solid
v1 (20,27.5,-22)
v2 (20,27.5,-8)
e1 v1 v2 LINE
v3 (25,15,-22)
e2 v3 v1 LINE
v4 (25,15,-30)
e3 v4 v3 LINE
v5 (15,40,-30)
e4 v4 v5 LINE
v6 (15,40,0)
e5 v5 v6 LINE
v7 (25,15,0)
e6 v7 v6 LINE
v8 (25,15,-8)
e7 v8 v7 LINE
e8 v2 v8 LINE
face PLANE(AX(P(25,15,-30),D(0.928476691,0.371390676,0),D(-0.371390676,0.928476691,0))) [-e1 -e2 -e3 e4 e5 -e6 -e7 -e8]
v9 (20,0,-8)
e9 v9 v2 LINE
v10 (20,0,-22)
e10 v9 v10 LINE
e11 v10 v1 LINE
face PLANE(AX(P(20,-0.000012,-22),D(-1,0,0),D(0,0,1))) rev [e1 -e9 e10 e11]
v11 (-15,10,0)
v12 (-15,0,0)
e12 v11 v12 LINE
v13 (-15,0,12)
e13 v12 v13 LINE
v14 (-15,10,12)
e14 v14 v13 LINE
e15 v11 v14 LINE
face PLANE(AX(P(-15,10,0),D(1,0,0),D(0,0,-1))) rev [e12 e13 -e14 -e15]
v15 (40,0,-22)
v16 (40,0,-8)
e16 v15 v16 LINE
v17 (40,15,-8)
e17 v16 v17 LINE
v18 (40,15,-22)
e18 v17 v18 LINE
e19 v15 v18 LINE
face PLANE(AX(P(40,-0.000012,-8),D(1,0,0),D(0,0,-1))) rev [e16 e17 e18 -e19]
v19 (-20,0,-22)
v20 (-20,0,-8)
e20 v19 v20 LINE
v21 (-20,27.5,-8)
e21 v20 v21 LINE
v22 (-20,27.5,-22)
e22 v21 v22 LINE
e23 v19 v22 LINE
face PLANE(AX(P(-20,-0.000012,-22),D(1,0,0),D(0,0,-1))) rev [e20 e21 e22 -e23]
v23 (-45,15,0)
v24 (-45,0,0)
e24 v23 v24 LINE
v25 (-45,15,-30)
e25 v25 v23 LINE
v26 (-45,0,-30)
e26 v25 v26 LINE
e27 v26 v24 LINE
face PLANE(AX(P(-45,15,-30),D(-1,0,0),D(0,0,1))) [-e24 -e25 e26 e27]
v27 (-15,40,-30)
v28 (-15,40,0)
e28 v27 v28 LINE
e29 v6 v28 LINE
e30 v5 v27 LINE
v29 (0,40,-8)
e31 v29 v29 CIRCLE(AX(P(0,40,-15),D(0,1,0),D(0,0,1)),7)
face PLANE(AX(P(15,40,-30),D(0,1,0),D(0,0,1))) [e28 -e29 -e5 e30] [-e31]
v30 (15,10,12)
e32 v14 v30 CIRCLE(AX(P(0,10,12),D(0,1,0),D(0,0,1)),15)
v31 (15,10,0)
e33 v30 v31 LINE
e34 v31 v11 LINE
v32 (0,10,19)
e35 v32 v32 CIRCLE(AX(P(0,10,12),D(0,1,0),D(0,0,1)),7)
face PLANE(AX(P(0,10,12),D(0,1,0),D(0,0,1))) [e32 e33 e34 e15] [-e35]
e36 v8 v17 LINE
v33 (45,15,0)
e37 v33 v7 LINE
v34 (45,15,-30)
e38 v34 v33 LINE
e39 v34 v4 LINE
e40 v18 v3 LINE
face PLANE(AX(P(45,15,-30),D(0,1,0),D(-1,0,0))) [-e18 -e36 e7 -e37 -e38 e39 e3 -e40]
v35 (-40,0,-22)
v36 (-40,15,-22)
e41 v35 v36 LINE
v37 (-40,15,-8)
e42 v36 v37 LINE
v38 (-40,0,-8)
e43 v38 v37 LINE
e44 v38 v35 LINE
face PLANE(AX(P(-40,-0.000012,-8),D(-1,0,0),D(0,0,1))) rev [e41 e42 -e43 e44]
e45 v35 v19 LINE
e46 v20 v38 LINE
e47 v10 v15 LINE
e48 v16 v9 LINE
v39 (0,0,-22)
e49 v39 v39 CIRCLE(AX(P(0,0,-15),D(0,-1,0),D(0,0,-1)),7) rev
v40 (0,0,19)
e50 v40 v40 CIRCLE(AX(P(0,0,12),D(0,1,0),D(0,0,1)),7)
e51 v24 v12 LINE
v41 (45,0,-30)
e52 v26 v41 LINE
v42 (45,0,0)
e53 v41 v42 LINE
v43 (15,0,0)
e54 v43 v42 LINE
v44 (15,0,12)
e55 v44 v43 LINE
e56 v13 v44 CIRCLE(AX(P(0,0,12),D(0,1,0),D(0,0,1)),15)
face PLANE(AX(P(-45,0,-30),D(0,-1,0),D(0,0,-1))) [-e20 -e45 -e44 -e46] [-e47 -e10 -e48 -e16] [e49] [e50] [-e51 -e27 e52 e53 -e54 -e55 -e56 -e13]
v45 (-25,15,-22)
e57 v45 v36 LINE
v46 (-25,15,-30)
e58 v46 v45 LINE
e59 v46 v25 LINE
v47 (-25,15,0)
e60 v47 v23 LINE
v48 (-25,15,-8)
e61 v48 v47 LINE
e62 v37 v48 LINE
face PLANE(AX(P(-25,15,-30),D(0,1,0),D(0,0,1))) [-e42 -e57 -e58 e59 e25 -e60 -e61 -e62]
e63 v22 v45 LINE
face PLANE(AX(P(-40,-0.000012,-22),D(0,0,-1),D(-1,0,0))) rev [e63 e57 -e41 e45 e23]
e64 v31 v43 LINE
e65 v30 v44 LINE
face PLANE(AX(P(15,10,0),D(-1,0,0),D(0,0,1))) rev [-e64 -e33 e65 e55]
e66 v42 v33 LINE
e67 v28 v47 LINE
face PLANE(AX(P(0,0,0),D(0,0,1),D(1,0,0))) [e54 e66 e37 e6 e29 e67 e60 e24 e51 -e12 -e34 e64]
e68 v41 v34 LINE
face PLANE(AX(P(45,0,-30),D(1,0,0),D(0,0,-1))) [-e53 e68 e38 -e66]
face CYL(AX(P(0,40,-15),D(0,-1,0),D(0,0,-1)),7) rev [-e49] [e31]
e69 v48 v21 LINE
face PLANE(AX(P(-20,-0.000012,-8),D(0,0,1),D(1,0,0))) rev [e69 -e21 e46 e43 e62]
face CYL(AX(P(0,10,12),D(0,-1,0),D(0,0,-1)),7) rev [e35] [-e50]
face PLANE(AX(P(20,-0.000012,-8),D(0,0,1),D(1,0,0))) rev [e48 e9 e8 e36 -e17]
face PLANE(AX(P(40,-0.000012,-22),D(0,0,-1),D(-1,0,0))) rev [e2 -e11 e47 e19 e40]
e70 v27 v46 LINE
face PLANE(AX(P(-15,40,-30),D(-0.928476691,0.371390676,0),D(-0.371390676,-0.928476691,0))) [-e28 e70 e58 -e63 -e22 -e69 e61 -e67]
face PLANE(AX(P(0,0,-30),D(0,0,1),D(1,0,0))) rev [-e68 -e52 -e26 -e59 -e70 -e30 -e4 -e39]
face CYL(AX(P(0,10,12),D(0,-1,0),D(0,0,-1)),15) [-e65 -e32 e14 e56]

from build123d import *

# Parameters (mm, degrees)
BOSS_EXTRUDE1_DEPTH     = 30
CUT_EXTRUDE1_DEPTH      = 68.268120235
CUT_EXTRUDE1_DEPTH_BACK = 68.268120235
SKETCH3_W               = 20
SKETCH3_H               = 14
CUT_EXTRUDE2_DEPTH      = 68.268120235
CUT_EXTRUDE2_DEPTH_BACK = 68.268120235
SKETCH4_R               = 7
SKETCH5_R               = 7
BOSS_EXTRUDE3_DEPTH     = 10


with BuildPart() as part:
    # Sketch2 → Boss-Extrude1 (new body)
    with BuildSketch(Plane.XY):
        Polygon((-45, 0), (45, 0), (45, 15), (25, 15), (15, 40), (-15, 40), (-25, 15), (-45, 15), align=None)
    extrude(amount=-BOSS_EXTRUDE1_DEPTH)

    # Sketch3 → Cut-Extrude1 (cut, two sides: drawn at the far end of the back side and taken through both)
    with BuildSketch(Plane(origin=(0, 0, 0), x_dir=(1, 0, 0), z_dir=(0, 1, 0)).offset(-CUT_EXTRUDE1_DEPTH_BACK)):
        with Locations((-30, 15)):
            Rectangle(SKETCH3_W, SKETCH3_H)
        with Locations((30, 15)):
            Rectangle(SKETCH3_W, SKETCH3_H)
    extrude(amount=CUT_EXTRUDE1_DEPTH + CUT_EXTRUDE1_DEPTH_BACK, mode=Mode.SUBTRACT)

    # Sketch4 → Cut-Extrude2 (cut, two sides: drawn at the far end of the back side and taken through both)
    with BuildSketch(Plane(origin=(0, 0, 0), x_dir=(1, 0, 0), z_dir=(0, 1, 0)).offset(-CUT_EXTRUDE2_DEPTH_BACK)):
        with Locations(Location((0, 15, 0), (0, 0, 90))):
            Circle(SKETCH4_R)
    extrude(amount=CUT_EXTRUDE2_DEPTH + CUT_EXTRUDE2_DEPTH_BACK, mode=Mode.SUBTRACT)

    # Sketch5 → Boss-Extrude3 (add)
    with BuildSketch(Plane(origin=(0, 0, 0), x_dir=(1, 0, 0), z_dir=(0, 1, 0))):
        with BuildLine():
            Line((-15, 0), (-15, -12))
            ThreePointArc((-15, -12), (0, -27), (15, -12))
            Line((15, -12), (15, 0))
            Line((15, 0), (-15, 0))
        make_face()
        with Locations(Location((0, -12, 0), (0, 0, 270))):
            Circle(SKETCH5_R, mode=Mode.SUBTRACT)
    extrude(amount=BOSS_EXTRUDE3_DEPTH)


solid = part.part
